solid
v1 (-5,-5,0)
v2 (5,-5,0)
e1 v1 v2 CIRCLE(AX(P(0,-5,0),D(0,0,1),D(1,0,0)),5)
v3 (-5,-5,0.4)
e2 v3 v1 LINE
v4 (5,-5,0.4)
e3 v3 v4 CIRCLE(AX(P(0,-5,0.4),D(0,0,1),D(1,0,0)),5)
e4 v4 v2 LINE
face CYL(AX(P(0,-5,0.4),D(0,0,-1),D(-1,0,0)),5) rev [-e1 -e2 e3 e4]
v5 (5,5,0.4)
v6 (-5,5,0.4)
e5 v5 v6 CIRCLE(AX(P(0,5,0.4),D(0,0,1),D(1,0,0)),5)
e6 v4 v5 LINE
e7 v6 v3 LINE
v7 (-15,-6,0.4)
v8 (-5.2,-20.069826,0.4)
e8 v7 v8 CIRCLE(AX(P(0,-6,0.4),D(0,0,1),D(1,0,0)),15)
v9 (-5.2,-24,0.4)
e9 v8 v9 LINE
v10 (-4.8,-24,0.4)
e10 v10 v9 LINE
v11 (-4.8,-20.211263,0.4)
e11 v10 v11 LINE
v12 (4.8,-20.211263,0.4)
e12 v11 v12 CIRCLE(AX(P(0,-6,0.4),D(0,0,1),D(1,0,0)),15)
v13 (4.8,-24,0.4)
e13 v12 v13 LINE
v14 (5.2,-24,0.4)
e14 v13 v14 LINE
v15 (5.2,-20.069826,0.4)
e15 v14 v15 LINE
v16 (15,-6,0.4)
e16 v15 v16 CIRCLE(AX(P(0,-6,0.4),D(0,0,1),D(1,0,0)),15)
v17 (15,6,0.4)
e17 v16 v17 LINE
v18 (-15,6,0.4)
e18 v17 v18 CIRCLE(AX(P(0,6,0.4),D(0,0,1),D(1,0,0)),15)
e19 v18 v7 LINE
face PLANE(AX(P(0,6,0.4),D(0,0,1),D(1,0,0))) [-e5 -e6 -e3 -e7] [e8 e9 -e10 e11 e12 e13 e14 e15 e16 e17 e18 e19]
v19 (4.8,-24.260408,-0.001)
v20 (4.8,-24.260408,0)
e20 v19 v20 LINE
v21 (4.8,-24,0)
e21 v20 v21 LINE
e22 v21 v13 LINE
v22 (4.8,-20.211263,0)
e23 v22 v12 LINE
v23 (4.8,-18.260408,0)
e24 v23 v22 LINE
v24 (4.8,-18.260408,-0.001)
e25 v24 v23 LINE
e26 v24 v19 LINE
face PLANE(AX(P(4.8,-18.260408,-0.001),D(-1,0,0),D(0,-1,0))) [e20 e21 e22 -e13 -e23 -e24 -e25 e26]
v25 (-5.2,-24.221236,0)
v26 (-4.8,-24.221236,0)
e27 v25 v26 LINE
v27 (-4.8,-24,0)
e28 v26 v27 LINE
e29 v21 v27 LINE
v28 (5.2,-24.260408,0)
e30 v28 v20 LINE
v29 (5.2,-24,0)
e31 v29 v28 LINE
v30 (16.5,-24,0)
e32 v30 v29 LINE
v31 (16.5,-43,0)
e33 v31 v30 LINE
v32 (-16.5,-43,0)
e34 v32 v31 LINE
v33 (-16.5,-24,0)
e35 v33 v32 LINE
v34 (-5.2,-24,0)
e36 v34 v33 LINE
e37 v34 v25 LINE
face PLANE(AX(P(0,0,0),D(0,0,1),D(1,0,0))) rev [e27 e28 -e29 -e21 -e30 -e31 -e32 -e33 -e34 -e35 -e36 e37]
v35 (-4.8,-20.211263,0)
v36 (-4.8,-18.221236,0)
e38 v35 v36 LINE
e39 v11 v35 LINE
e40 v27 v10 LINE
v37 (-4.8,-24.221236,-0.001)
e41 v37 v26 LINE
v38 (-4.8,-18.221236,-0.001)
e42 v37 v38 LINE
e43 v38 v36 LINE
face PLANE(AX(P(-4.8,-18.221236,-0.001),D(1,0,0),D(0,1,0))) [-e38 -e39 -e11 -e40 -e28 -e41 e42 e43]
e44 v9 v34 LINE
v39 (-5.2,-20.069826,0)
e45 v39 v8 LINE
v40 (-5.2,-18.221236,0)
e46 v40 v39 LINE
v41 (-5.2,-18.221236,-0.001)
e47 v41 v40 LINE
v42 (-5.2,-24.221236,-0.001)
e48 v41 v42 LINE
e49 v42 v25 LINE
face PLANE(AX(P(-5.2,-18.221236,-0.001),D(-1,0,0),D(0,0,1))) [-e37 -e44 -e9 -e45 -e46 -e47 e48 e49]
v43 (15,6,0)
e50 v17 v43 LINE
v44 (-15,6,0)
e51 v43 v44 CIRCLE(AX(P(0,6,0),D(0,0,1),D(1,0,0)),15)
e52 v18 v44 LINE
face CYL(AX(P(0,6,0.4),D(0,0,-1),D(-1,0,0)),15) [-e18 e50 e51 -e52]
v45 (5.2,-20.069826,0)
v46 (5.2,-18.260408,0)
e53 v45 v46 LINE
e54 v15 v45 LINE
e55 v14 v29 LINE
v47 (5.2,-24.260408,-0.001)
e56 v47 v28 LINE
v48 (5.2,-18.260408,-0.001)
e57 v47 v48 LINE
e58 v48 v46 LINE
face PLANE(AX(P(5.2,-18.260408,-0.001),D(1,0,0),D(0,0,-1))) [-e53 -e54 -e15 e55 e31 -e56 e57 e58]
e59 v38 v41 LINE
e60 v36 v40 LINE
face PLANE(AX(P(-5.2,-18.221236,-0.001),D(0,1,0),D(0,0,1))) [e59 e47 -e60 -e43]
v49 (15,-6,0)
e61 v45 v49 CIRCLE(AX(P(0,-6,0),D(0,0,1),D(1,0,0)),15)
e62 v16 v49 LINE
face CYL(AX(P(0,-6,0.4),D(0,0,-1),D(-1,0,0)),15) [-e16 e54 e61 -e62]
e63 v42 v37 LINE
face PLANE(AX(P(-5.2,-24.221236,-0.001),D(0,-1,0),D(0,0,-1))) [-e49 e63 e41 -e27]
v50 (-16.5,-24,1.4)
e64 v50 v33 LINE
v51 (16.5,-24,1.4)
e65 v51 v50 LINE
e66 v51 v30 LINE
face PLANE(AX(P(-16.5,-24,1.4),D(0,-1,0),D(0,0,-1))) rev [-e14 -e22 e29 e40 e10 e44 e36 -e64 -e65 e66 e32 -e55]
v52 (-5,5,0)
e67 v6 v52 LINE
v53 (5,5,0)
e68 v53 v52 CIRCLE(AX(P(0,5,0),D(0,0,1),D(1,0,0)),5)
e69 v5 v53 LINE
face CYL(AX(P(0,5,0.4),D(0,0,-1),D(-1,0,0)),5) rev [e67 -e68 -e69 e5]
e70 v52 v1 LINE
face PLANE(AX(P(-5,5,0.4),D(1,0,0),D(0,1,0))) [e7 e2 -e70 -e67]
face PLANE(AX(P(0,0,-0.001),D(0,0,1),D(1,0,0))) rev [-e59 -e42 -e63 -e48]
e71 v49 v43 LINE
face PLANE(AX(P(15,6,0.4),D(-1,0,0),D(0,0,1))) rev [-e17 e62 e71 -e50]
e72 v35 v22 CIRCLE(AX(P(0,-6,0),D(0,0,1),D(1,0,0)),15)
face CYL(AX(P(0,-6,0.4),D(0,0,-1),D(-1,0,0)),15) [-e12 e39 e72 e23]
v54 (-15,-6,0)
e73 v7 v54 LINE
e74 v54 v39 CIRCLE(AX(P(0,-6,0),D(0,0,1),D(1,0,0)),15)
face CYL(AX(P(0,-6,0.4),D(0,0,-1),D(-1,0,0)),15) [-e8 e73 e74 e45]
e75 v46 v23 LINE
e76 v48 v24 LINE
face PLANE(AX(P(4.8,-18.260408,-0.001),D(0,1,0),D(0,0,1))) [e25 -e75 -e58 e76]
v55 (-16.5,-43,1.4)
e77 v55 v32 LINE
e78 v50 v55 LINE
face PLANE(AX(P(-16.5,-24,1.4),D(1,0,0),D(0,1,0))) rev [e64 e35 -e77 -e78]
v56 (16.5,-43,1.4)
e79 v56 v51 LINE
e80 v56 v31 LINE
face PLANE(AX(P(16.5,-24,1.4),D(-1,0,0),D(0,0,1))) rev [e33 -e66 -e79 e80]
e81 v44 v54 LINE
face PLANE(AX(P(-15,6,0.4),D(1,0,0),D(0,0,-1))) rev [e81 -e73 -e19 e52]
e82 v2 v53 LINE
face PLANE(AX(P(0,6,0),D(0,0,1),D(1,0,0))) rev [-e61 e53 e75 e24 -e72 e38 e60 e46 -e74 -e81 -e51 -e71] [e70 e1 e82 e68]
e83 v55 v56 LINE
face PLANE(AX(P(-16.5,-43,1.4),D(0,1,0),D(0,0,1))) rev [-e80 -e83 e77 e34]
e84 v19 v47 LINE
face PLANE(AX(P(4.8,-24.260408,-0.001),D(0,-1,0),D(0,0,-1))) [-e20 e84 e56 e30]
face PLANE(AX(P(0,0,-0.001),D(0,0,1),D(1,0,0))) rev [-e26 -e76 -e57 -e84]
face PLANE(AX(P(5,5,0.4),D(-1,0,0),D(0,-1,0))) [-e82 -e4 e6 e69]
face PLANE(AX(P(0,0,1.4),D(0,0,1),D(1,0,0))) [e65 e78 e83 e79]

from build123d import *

# Parameters (mm, degrees)
BOSS_EXTRUDE1_DEPTH = 0.4
SKETCH2_W           = 33
SKETCH2_H           = 19
BOSS_EXTRUDE2_DEPTH = 1.4
BOSS_EXTRUDE3_START = -0.001
SKETCH3_W           = 0.4
SKETCH3_H           = 6
BOSS_EXTRUDE3_DEPTH = 0.401


with BuildPart() as part:
    # Sketch1 → Boss-Extrude1 (new body)
    with BuildSketch(Plane.XY):
        with BuildLine():
            Line((15, 6), (15, -6))
            ThreePointArc((15, -6), (0, -21), (-15, -6))
            Line((-15, -6), (-15, 6))
            ThreePointArc((-15, 6), (0, 21), (15, 6))
        make_face()
        with BuildLine():
            Line((5, 5), (5, -5))
            ThreePointArc((5, -5), (0, -10), (-5, -5))
            Line((-5, -5), (-5, 5))
            ThreePointArc((-5, 5), (0, 10), (5, 5))
        make_face(mode=Mode.SUBTRACT)
    extrude(amount=BOSS_EXTRUDE1_DEPTH)



with BuildPart() as body_2:
    # Sketch2 → Boss-Extrude2 (new body)
    with BuildSketch(Plane.XY):
        with Locations((0, -33.5)):
            Rectangle(SKETCH2_W, SKETCH2_H)
    extrude(amount=BOSS_EXTRUDE2_DEPTH)


with BuildPart() as part_1:
    add(part.part)

    add(body_2.part)  # Boss-Extrude3 merges body 2
    # Sketch3 → Boss-Extrude3 (add)
    with BuildSketch(Plane.XY.offset(BOSS_EXTRUDE3_START)):
        with Locations((5, -21.260407867)):
            Rectangle(SKETCH3_W, SKETCH3_H)
        with Locations((-5, -21.22123599)):
            Rectangle(SKETCH3_W, SKETCH3_H)
    extrude(amount=BOSS_EXTRUDE3_DEPTH)


solid = part_1.part
